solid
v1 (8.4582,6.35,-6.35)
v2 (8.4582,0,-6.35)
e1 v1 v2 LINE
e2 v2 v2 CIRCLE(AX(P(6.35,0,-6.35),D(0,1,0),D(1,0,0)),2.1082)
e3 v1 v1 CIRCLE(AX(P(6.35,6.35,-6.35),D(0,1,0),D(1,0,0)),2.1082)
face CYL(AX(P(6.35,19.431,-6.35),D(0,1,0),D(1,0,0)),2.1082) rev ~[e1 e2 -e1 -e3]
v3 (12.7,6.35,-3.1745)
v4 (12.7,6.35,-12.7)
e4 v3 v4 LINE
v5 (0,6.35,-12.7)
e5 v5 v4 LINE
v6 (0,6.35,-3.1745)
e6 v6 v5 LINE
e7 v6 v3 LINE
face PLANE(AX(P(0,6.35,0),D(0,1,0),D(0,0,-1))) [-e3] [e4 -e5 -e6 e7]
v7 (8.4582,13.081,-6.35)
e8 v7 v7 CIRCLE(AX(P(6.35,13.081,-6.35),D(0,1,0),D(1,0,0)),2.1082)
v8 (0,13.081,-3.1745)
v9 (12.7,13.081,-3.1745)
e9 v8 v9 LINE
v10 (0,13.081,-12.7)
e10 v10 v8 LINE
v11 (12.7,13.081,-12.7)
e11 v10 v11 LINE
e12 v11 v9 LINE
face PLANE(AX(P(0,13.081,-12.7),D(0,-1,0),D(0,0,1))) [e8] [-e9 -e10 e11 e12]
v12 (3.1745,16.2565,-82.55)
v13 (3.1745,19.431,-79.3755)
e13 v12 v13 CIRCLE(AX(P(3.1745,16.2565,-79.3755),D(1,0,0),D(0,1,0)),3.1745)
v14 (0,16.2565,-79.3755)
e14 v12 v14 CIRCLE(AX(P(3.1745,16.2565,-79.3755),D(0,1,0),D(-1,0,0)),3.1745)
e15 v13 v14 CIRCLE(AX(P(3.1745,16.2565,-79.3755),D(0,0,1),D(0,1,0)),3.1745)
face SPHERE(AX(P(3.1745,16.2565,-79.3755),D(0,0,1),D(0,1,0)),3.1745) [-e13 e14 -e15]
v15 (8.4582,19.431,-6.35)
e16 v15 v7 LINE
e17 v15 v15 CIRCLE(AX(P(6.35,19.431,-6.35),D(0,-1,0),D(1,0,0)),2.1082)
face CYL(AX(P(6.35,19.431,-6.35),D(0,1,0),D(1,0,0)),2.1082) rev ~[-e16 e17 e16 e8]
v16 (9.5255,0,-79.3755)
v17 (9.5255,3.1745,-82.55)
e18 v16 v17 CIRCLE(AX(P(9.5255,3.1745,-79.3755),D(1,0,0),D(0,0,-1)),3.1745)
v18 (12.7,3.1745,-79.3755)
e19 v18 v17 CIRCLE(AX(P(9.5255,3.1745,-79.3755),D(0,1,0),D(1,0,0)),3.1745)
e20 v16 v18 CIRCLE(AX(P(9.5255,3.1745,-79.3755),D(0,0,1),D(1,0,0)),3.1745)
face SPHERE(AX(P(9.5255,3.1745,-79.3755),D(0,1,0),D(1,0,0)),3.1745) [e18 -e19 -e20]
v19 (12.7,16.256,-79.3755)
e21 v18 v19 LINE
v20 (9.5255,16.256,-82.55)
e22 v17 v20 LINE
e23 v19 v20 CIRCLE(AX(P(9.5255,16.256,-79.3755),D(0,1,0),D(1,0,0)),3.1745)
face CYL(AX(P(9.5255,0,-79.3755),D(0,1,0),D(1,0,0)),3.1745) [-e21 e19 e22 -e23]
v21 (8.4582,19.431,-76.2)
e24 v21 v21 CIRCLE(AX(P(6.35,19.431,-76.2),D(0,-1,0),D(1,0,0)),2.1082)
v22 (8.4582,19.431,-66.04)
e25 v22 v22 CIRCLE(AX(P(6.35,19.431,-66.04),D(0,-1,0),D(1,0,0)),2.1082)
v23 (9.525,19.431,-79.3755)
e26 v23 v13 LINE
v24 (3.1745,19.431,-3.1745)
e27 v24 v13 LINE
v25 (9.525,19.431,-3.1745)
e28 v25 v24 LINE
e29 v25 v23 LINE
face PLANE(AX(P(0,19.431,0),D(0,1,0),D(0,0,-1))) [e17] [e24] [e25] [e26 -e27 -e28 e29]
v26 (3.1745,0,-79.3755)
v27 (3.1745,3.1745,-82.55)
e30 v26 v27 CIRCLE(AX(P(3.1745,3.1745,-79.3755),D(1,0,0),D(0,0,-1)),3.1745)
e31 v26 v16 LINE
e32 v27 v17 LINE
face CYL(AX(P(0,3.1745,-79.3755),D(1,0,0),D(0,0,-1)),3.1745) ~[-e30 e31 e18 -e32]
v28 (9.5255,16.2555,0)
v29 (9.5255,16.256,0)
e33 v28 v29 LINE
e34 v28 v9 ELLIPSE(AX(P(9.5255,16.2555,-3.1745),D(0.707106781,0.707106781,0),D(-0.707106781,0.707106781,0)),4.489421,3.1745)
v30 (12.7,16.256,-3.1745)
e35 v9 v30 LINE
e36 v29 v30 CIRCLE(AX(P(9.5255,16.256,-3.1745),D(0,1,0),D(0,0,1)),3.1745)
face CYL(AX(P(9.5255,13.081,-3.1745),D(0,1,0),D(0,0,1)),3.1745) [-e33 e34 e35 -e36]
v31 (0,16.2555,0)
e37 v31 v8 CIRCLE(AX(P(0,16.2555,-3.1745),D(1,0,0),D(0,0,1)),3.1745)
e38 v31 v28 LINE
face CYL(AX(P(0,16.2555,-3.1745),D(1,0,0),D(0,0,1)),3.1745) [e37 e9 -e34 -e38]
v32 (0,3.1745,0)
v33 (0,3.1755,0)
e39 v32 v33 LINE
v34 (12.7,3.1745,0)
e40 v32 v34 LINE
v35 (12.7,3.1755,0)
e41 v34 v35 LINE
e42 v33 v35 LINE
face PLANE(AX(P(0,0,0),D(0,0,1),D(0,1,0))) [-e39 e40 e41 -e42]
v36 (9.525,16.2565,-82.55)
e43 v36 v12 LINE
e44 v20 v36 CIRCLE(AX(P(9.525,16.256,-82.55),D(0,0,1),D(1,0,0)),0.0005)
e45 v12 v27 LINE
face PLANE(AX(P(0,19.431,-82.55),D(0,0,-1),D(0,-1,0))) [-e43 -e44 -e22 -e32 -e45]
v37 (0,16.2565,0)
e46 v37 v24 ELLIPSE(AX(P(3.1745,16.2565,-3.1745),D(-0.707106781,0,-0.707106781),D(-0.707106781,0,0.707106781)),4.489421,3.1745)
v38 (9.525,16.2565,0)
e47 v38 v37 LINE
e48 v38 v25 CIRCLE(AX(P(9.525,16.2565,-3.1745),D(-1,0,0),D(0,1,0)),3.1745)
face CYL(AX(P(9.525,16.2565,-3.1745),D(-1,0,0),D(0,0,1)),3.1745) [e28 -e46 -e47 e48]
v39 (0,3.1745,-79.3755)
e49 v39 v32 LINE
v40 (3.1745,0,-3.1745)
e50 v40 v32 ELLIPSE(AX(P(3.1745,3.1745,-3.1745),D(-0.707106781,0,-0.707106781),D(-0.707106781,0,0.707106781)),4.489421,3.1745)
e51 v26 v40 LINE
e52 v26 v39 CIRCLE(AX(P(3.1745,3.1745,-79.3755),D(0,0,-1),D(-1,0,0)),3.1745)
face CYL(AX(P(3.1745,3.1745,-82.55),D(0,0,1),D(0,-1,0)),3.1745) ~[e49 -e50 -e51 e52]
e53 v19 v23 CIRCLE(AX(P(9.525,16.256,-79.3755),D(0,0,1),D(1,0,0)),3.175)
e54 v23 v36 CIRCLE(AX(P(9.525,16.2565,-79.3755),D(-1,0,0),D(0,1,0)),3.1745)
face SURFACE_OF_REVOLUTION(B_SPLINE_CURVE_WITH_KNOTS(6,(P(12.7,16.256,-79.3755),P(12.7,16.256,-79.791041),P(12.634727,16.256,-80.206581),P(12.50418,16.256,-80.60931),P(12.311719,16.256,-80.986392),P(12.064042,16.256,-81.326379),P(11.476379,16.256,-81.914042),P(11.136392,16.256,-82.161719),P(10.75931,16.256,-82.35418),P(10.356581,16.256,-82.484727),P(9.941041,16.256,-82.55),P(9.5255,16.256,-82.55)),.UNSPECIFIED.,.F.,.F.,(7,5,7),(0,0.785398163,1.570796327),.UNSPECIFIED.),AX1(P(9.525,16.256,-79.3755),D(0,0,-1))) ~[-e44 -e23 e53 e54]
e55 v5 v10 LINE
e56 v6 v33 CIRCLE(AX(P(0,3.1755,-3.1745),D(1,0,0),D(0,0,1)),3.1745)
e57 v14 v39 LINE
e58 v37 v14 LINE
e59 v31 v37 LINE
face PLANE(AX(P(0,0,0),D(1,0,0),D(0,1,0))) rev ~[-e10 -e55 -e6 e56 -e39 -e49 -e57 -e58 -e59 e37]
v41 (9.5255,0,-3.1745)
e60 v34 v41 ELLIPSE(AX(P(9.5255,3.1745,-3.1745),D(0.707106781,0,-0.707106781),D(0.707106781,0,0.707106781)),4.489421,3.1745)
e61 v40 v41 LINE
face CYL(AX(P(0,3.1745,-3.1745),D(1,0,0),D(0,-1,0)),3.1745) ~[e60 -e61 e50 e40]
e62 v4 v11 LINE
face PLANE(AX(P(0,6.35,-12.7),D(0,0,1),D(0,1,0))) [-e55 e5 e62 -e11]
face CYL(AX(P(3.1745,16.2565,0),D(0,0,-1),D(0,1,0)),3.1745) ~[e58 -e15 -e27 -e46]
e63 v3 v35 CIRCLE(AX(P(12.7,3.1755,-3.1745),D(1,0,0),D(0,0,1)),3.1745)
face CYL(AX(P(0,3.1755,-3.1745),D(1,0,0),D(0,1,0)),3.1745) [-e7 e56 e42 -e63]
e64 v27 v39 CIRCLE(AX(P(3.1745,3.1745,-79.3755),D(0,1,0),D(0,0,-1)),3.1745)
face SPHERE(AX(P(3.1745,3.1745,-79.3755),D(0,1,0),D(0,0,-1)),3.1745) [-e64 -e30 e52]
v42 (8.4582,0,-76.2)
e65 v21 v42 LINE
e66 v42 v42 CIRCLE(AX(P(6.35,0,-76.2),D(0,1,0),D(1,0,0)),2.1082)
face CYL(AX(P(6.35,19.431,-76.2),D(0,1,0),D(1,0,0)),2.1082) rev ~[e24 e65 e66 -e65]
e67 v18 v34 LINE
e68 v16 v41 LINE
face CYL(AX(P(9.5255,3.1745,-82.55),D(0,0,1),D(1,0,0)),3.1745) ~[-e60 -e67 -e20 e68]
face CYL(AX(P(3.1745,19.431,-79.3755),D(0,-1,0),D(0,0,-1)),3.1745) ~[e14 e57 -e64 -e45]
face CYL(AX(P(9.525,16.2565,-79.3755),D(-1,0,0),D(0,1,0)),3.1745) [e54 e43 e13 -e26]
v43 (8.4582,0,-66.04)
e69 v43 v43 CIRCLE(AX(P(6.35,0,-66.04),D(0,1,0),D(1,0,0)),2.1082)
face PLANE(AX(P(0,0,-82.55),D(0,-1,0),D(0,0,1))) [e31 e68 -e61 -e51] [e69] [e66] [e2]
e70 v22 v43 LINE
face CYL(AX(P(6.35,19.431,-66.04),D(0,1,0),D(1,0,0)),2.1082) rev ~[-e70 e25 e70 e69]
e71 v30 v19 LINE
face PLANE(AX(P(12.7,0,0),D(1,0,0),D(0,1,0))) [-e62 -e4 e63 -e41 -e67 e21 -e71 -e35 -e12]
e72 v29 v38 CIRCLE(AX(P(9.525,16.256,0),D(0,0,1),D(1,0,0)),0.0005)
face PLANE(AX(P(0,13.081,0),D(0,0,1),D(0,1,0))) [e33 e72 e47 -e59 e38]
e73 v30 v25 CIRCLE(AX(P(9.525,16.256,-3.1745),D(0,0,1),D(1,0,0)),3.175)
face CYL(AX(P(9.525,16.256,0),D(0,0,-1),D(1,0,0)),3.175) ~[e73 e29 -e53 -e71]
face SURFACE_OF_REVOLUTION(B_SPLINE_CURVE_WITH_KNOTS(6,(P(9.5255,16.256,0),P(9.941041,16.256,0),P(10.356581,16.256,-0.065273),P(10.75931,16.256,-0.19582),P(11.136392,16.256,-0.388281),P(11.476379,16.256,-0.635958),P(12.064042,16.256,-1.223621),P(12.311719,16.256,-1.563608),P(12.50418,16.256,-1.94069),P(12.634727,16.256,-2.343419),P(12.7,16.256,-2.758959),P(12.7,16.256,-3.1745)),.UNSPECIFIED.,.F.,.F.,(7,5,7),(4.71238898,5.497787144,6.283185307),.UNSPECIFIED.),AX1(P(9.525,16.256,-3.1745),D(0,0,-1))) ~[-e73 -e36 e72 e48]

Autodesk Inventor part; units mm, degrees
ref_plane "YZ Plane" through (0, 0, 0) normal (1, 0, 0) x (0, 1, 0)
ref_plane "XZ Plane" through (0, 0, 0) normal (0, 1, 0) x (-1, 0, 0)
ref_plane "XY Plane" through (0, 0, 0) normal (0, 0, 1) x (1, 0, 0)
sketch "Sketch1" plane through (0, 0, 0) normal (1, 0, 0) x (0, 1, 0)
  line L0 (0, 0) -> (6.35, 0)
  line L1 (6.35, 0) -> (6.35, -12.7)
  line L2 (6.35, -12.7) -> (13.081, -12.7)
  line L3 (13.081, -12.7) -> (13.081, 0)
  line L4 (13.081, 0) -> (19.431, 0)
  line L5 (19.431, 0) -> (19.431, -82.55)
  line L6 (19.431, -82.55) -> (0, -82.55)
  line L7 (0, -82.55) -> (0, 0)
  dimension "d0" = 6.35
  dimension "d1" = 12.7
  dimension "d2" = 6.731
  dimension "d11" = 6.35
  dimension "d12" = 82.55
  dimension "d18" = 12.7
extrude "Extrusion1" add sketch "Sketch1" along normal blind 12.7
sketch "Sketch3" plane through (0, 19.431, 0) normal (0, 1, 0) x (1, 0, 0)
  line L0 (0, 12.7) -> (12.7, 12.7) projected
  line L1 (12.7, 12.7) -> (0, 12.7)
  line L2 (0, 12.7) -> (0, 0)
  line L3 (0, 0) -> (12.7, 0)
  line L4 (12.7, 0) -> (12.7, 12.7)
  line L5 (0, 0) -> (12.7, 12.7)
  circle A0 centre (6.35, 6.35) radius 2.1082
  line L6 (0, 82.55) -> (12.7, 82.55) projected
  line L7 (6.35, 82.55) -> (6.35, 76.2)
  circle A1 centre (6.35, 76.2) radius 2.1082
  dimension "d13" = 4.2164
  dimension "d16" = 6.35
  dimension "d17" = 4.2164
extrude "Extrusion3" cut sketch "Sketch3" against normal blind 28.575 contours A0 L5 | L5 A0 | A1
fillet "Fillet1" radius 3.175 1 edges at (12.7, 19.431, -41.275)
fillet "Fillet2" radius 3.175 14 edges at (11.7701, 18.5011, 0) (12.7, 14.6685, 0) (4.7625, 19.431, 0) (0, 19.431, -41.275) (11.7701, 18.5011, -82.55) (12.7, 8.128, -82.55) (4.7625, 19.431, -82.55) (0, 9.7155, -82.55) (12.7, 0, -41.275) (6.35, 0, -82.55) (0, 0, -41.275) (6.35, 0, 0) (6.35, 6.35, 0) (6.35, 13.081, 0)
sketch "Sketch5" plane through (3.175, 19.431, -3.175) normal (0, 1, 0) x (1, 0, 0)
  circle A0 centre (3.175, 73.025) radius 2.1082 projected
  line L0 (3.175, 73.025) -> (3.175, 62.865)
  circle A1 centre (3.175, 62.865) radius 2.1082
  point P0 (-3.175, -3.175)
  dimension "d26" = 10.16
extrude "Extrusion5" cut sketch "Sketch5" against normal blind 25.4 contours A1
properties part number "wing bar"
